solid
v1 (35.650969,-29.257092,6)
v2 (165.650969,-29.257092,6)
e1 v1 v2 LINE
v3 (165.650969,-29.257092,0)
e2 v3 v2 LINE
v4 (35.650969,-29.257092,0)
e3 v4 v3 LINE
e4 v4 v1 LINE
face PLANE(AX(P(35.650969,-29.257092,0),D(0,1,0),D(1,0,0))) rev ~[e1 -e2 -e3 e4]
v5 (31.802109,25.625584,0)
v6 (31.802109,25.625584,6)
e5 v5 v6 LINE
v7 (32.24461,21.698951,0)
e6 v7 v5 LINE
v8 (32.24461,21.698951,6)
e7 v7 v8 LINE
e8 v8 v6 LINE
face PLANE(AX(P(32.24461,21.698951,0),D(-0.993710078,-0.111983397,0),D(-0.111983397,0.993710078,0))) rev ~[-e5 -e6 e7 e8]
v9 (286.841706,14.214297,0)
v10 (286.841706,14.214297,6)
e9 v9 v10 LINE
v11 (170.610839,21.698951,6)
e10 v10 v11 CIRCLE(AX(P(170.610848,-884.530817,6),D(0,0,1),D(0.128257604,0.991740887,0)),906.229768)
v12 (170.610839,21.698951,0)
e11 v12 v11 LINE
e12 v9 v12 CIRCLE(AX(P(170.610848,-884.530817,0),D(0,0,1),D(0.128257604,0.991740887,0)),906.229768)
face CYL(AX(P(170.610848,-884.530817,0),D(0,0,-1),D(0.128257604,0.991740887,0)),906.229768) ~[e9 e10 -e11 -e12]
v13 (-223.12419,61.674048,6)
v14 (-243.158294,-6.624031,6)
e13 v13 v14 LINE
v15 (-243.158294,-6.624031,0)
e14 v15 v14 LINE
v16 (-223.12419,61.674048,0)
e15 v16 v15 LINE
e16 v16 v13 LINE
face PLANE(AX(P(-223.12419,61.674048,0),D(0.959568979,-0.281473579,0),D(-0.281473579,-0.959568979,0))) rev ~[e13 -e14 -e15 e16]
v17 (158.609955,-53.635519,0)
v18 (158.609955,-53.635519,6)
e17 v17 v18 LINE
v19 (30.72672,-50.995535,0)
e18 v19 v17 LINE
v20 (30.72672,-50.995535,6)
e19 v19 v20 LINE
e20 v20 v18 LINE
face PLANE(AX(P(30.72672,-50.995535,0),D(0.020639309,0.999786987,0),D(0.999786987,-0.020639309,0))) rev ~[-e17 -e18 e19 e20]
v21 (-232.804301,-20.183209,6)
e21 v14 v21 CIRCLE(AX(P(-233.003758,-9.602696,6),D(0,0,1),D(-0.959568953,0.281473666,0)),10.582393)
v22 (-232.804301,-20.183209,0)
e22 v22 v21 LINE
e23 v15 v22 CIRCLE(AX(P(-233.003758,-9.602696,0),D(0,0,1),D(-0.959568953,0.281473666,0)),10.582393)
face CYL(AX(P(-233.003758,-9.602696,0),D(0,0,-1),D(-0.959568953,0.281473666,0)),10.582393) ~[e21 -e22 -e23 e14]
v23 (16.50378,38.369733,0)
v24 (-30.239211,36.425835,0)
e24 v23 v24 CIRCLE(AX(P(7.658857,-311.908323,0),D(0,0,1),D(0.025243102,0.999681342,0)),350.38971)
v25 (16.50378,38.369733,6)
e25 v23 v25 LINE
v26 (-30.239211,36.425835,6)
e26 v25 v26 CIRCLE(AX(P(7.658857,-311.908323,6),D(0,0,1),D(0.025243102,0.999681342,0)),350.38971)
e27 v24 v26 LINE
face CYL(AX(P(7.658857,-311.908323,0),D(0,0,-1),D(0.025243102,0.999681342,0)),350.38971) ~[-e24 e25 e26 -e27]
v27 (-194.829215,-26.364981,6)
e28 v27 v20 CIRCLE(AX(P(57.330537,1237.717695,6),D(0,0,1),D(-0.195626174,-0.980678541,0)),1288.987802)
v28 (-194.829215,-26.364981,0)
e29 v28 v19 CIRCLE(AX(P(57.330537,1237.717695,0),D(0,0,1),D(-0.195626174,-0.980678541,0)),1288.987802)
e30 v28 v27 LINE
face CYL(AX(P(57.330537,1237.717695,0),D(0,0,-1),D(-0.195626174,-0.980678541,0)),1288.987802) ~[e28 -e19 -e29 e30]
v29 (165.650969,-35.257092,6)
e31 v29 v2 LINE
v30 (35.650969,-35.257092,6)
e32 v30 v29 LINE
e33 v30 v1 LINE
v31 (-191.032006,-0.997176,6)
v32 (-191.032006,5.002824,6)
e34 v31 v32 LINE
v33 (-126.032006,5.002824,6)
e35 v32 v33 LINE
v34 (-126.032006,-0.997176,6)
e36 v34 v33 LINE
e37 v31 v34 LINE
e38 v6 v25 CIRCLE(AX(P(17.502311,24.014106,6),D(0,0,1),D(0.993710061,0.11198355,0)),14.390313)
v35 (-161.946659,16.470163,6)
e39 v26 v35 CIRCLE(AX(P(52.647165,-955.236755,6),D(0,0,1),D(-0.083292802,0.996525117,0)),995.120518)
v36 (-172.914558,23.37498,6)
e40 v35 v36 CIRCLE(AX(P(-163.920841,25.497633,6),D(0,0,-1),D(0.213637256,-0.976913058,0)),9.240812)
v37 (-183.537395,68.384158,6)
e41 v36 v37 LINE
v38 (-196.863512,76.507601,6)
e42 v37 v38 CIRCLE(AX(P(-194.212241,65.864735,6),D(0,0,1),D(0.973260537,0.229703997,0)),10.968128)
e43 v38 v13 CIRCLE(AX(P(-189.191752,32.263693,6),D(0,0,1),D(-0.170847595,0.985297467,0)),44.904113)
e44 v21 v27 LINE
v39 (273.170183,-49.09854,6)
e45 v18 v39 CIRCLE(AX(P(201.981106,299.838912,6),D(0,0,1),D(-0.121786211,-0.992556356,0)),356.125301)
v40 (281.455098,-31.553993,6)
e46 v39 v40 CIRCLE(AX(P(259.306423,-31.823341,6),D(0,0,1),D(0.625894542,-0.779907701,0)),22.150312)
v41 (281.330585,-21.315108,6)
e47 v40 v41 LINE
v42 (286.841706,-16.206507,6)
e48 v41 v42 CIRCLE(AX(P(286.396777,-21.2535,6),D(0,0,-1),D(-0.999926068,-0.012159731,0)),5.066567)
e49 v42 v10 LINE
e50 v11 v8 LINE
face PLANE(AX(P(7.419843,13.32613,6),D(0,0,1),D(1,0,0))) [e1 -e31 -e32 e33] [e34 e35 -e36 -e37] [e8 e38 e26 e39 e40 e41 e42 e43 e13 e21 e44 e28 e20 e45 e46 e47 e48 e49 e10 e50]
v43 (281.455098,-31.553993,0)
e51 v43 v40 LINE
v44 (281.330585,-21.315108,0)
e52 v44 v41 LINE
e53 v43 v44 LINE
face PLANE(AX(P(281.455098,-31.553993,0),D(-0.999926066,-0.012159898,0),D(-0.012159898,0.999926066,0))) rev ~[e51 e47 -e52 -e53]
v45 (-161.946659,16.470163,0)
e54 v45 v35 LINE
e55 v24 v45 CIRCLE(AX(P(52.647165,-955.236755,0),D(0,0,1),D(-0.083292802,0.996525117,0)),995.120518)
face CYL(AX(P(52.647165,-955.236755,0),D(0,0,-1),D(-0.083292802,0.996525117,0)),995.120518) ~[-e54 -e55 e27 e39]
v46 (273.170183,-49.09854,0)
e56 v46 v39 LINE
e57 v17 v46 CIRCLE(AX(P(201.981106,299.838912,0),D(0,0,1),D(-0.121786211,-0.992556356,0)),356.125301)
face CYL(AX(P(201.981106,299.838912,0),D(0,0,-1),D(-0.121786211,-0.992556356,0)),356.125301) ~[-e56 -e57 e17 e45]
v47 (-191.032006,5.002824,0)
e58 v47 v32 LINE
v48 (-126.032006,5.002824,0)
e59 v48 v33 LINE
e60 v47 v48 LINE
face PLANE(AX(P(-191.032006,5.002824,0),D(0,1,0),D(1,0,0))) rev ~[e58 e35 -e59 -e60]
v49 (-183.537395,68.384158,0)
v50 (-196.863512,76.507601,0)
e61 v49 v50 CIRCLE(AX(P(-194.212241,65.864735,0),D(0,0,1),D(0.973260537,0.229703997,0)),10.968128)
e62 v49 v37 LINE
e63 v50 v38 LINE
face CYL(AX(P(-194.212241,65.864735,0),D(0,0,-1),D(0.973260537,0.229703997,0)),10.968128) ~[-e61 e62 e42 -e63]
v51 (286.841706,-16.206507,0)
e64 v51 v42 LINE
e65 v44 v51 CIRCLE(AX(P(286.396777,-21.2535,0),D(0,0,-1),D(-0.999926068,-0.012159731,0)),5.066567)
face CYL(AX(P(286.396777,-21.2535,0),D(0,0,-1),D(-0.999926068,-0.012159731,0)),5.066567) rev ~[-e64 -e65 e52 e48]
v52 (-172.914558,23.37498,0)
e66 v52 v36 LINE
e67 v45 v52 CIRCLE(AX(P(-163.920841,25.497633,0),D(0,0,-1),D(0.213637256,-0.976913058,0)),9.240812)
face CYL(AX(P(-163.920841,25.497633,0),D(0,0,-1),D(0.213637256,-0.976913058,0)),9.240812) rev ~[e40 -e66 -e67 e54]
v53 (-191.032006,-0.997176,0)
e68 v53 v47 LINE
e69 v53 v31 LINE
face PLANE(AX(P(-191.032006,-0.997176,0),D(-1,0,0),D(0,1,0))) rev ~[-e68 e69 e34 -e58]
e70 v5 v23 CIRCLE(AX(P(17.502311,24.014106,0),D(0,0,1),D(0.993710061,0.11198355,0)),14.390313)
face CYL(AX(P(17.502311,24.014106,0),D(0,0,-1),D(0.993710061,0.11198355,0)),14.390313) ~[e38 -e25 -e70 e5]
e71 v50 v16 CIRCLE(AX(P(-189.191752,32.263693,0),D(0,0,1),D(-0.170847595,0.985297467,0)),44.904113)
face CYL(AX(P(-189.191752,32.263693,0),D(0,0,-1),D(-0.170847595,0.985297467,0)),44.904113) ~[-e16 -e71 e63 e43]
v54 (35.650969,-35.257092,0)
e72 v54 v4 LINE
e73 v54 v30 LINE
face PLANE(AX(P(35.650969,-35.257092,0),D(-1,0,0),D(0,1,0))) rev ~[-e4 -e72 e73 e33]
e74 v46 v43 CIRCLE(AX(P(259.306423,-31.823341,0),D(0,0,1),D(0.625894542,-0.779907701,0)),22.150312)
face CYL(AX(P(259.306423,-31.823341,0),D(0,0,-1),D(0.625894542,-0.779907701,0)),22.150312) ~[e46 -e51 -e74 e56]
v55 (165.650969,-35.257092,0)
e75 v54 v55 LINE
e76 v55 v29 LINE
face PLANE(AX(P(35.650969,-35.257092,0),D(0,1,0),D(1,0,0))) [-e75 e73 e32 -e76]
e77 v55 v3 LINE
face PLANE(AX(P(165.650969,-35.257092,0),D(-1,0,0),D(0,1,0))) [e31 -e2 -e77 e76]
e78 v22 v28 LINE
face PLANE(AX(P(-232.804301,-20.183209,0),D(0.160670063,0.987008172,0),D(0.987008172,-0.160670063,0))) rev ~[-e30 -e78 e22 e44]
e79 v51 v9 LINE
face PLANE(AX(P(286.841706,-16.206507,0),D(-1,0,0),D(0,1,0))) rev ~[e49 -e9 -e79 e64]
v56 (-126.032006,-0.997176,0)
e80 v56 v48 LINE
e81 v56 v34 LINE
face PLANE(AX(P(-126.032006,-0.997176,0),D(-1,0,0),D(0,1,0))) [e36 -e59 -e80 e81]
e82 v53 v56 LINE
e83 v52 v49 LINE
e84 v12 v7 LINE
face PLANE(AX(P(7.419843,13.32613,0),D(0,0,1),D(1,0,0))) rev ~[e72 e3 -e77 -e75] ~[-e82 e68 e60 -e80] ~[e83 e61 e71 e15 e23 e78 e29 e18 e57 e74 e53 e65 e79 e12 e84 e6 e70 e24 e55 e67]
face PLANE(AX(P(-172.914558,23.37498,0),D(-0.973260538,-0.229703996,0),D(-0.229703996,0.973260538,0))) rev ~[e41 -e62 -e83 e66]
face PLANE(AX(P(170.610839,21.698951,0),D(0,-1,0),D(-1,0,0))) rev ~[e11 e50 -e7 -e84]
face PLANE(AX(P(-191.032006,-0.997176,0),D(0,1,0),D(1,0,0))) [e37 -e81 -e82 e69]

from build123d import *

# Parameters (mm, degrees)
F0_W     = 65
F0_H     = 6
F0_W_2   = 130
F1_DEPTH = 6


with BuildPart() as f1:
    # F0 (on Top) → F1 (new body)
    with BuildSketch(Plane.XY):
        with BuildLine():
            Line((-172.914558, 23.37498), (-183.537395, 68.384158))
            ThreePointArc((-183.537395, 68.384158), (-188.503299, 75.22998), (-196.863512, 76.507601))
            ThreePointArc((-196.863512, 76.507601), (-211.276495, 71.361563), (-223.12419, 61.674048))
            Line((-223.12419, 61.674048), (-243.158294, -6.624031))
            Line((-243.158294, -6.624031), (286.841706, -6.624031))
            Line((286.841706, -6.624031), (286.841706, 14.214297))
            ThreePointArc((286.841706, 14.214297), (228.846641, 19.825852), (170.610839, 21.698951))
            Line((170.610839, 21.698951), (32.24461, 21.698951))
            Line((32.24461, 21.698951), (31.802109, 25.625584))
            ThreePointArc((31.802109, 25.625584), (26.712862, 35.070635), (16.50378, 38.369733))
            ThreePointArc((16.50378, 38.369733), (-6.900195, 38.178785), (-30.239211, 36.425835))
            ThreePointArc((-30.239211, 36.425835), (-96.427228, 28.654331), (-161.946659, 16.470163))
            ThreePointArc((-161.946659, 16.470163), (-168.84401, 17.677466), (-172.914558, 23.37498))
        make_face()
        with Locations((-158.532006, 2.002824)):
            Rectangle(F0_W, F0_H, mode=Mode.SUBTRACT)
        with BuildLine():
            Line((286.841706, -6.624031), (-243.158294, -6.624031))
            ThreePointArc((-243.158294, -6.624031), (-241.41439, -16.025181), (-232.804301, -20.183209))
            Line((-232.804301, -20.183209), (-194.829215, -26.364981))
            ThreePointArc((-194.829215, -26.364981), (-82.594257, -43.652901), (30.72672, -50.995535))
            Line((30.72672, -50.995535), (158.609955, -53.635519))
            ThreePointArc((158.609955, -53.635519), (216.073845, -56.007438), (273.170183, -49.09854))
            ThreePointArc((273.170183, -49.09854), (279.335818, -41.281654), (281.455098, -31.553993))
            Line((281.455098, -31.553993), (281.330585, -21.315108))
            ThreePointArc((281.330585, -21.315108), (282.952438, -17.537773), (286.841706, -16.206507))
            Line((286.841706, -16.206507), (286.841706, -6.624031))
        make_face()
        with Locations((100.650969, -32.257092)):
            Rectangle(F0_W_2, F0_H, mode=Mode.SUBTRACT)
    extrude(amount=F1_DEPTH)


solid = f1.part
